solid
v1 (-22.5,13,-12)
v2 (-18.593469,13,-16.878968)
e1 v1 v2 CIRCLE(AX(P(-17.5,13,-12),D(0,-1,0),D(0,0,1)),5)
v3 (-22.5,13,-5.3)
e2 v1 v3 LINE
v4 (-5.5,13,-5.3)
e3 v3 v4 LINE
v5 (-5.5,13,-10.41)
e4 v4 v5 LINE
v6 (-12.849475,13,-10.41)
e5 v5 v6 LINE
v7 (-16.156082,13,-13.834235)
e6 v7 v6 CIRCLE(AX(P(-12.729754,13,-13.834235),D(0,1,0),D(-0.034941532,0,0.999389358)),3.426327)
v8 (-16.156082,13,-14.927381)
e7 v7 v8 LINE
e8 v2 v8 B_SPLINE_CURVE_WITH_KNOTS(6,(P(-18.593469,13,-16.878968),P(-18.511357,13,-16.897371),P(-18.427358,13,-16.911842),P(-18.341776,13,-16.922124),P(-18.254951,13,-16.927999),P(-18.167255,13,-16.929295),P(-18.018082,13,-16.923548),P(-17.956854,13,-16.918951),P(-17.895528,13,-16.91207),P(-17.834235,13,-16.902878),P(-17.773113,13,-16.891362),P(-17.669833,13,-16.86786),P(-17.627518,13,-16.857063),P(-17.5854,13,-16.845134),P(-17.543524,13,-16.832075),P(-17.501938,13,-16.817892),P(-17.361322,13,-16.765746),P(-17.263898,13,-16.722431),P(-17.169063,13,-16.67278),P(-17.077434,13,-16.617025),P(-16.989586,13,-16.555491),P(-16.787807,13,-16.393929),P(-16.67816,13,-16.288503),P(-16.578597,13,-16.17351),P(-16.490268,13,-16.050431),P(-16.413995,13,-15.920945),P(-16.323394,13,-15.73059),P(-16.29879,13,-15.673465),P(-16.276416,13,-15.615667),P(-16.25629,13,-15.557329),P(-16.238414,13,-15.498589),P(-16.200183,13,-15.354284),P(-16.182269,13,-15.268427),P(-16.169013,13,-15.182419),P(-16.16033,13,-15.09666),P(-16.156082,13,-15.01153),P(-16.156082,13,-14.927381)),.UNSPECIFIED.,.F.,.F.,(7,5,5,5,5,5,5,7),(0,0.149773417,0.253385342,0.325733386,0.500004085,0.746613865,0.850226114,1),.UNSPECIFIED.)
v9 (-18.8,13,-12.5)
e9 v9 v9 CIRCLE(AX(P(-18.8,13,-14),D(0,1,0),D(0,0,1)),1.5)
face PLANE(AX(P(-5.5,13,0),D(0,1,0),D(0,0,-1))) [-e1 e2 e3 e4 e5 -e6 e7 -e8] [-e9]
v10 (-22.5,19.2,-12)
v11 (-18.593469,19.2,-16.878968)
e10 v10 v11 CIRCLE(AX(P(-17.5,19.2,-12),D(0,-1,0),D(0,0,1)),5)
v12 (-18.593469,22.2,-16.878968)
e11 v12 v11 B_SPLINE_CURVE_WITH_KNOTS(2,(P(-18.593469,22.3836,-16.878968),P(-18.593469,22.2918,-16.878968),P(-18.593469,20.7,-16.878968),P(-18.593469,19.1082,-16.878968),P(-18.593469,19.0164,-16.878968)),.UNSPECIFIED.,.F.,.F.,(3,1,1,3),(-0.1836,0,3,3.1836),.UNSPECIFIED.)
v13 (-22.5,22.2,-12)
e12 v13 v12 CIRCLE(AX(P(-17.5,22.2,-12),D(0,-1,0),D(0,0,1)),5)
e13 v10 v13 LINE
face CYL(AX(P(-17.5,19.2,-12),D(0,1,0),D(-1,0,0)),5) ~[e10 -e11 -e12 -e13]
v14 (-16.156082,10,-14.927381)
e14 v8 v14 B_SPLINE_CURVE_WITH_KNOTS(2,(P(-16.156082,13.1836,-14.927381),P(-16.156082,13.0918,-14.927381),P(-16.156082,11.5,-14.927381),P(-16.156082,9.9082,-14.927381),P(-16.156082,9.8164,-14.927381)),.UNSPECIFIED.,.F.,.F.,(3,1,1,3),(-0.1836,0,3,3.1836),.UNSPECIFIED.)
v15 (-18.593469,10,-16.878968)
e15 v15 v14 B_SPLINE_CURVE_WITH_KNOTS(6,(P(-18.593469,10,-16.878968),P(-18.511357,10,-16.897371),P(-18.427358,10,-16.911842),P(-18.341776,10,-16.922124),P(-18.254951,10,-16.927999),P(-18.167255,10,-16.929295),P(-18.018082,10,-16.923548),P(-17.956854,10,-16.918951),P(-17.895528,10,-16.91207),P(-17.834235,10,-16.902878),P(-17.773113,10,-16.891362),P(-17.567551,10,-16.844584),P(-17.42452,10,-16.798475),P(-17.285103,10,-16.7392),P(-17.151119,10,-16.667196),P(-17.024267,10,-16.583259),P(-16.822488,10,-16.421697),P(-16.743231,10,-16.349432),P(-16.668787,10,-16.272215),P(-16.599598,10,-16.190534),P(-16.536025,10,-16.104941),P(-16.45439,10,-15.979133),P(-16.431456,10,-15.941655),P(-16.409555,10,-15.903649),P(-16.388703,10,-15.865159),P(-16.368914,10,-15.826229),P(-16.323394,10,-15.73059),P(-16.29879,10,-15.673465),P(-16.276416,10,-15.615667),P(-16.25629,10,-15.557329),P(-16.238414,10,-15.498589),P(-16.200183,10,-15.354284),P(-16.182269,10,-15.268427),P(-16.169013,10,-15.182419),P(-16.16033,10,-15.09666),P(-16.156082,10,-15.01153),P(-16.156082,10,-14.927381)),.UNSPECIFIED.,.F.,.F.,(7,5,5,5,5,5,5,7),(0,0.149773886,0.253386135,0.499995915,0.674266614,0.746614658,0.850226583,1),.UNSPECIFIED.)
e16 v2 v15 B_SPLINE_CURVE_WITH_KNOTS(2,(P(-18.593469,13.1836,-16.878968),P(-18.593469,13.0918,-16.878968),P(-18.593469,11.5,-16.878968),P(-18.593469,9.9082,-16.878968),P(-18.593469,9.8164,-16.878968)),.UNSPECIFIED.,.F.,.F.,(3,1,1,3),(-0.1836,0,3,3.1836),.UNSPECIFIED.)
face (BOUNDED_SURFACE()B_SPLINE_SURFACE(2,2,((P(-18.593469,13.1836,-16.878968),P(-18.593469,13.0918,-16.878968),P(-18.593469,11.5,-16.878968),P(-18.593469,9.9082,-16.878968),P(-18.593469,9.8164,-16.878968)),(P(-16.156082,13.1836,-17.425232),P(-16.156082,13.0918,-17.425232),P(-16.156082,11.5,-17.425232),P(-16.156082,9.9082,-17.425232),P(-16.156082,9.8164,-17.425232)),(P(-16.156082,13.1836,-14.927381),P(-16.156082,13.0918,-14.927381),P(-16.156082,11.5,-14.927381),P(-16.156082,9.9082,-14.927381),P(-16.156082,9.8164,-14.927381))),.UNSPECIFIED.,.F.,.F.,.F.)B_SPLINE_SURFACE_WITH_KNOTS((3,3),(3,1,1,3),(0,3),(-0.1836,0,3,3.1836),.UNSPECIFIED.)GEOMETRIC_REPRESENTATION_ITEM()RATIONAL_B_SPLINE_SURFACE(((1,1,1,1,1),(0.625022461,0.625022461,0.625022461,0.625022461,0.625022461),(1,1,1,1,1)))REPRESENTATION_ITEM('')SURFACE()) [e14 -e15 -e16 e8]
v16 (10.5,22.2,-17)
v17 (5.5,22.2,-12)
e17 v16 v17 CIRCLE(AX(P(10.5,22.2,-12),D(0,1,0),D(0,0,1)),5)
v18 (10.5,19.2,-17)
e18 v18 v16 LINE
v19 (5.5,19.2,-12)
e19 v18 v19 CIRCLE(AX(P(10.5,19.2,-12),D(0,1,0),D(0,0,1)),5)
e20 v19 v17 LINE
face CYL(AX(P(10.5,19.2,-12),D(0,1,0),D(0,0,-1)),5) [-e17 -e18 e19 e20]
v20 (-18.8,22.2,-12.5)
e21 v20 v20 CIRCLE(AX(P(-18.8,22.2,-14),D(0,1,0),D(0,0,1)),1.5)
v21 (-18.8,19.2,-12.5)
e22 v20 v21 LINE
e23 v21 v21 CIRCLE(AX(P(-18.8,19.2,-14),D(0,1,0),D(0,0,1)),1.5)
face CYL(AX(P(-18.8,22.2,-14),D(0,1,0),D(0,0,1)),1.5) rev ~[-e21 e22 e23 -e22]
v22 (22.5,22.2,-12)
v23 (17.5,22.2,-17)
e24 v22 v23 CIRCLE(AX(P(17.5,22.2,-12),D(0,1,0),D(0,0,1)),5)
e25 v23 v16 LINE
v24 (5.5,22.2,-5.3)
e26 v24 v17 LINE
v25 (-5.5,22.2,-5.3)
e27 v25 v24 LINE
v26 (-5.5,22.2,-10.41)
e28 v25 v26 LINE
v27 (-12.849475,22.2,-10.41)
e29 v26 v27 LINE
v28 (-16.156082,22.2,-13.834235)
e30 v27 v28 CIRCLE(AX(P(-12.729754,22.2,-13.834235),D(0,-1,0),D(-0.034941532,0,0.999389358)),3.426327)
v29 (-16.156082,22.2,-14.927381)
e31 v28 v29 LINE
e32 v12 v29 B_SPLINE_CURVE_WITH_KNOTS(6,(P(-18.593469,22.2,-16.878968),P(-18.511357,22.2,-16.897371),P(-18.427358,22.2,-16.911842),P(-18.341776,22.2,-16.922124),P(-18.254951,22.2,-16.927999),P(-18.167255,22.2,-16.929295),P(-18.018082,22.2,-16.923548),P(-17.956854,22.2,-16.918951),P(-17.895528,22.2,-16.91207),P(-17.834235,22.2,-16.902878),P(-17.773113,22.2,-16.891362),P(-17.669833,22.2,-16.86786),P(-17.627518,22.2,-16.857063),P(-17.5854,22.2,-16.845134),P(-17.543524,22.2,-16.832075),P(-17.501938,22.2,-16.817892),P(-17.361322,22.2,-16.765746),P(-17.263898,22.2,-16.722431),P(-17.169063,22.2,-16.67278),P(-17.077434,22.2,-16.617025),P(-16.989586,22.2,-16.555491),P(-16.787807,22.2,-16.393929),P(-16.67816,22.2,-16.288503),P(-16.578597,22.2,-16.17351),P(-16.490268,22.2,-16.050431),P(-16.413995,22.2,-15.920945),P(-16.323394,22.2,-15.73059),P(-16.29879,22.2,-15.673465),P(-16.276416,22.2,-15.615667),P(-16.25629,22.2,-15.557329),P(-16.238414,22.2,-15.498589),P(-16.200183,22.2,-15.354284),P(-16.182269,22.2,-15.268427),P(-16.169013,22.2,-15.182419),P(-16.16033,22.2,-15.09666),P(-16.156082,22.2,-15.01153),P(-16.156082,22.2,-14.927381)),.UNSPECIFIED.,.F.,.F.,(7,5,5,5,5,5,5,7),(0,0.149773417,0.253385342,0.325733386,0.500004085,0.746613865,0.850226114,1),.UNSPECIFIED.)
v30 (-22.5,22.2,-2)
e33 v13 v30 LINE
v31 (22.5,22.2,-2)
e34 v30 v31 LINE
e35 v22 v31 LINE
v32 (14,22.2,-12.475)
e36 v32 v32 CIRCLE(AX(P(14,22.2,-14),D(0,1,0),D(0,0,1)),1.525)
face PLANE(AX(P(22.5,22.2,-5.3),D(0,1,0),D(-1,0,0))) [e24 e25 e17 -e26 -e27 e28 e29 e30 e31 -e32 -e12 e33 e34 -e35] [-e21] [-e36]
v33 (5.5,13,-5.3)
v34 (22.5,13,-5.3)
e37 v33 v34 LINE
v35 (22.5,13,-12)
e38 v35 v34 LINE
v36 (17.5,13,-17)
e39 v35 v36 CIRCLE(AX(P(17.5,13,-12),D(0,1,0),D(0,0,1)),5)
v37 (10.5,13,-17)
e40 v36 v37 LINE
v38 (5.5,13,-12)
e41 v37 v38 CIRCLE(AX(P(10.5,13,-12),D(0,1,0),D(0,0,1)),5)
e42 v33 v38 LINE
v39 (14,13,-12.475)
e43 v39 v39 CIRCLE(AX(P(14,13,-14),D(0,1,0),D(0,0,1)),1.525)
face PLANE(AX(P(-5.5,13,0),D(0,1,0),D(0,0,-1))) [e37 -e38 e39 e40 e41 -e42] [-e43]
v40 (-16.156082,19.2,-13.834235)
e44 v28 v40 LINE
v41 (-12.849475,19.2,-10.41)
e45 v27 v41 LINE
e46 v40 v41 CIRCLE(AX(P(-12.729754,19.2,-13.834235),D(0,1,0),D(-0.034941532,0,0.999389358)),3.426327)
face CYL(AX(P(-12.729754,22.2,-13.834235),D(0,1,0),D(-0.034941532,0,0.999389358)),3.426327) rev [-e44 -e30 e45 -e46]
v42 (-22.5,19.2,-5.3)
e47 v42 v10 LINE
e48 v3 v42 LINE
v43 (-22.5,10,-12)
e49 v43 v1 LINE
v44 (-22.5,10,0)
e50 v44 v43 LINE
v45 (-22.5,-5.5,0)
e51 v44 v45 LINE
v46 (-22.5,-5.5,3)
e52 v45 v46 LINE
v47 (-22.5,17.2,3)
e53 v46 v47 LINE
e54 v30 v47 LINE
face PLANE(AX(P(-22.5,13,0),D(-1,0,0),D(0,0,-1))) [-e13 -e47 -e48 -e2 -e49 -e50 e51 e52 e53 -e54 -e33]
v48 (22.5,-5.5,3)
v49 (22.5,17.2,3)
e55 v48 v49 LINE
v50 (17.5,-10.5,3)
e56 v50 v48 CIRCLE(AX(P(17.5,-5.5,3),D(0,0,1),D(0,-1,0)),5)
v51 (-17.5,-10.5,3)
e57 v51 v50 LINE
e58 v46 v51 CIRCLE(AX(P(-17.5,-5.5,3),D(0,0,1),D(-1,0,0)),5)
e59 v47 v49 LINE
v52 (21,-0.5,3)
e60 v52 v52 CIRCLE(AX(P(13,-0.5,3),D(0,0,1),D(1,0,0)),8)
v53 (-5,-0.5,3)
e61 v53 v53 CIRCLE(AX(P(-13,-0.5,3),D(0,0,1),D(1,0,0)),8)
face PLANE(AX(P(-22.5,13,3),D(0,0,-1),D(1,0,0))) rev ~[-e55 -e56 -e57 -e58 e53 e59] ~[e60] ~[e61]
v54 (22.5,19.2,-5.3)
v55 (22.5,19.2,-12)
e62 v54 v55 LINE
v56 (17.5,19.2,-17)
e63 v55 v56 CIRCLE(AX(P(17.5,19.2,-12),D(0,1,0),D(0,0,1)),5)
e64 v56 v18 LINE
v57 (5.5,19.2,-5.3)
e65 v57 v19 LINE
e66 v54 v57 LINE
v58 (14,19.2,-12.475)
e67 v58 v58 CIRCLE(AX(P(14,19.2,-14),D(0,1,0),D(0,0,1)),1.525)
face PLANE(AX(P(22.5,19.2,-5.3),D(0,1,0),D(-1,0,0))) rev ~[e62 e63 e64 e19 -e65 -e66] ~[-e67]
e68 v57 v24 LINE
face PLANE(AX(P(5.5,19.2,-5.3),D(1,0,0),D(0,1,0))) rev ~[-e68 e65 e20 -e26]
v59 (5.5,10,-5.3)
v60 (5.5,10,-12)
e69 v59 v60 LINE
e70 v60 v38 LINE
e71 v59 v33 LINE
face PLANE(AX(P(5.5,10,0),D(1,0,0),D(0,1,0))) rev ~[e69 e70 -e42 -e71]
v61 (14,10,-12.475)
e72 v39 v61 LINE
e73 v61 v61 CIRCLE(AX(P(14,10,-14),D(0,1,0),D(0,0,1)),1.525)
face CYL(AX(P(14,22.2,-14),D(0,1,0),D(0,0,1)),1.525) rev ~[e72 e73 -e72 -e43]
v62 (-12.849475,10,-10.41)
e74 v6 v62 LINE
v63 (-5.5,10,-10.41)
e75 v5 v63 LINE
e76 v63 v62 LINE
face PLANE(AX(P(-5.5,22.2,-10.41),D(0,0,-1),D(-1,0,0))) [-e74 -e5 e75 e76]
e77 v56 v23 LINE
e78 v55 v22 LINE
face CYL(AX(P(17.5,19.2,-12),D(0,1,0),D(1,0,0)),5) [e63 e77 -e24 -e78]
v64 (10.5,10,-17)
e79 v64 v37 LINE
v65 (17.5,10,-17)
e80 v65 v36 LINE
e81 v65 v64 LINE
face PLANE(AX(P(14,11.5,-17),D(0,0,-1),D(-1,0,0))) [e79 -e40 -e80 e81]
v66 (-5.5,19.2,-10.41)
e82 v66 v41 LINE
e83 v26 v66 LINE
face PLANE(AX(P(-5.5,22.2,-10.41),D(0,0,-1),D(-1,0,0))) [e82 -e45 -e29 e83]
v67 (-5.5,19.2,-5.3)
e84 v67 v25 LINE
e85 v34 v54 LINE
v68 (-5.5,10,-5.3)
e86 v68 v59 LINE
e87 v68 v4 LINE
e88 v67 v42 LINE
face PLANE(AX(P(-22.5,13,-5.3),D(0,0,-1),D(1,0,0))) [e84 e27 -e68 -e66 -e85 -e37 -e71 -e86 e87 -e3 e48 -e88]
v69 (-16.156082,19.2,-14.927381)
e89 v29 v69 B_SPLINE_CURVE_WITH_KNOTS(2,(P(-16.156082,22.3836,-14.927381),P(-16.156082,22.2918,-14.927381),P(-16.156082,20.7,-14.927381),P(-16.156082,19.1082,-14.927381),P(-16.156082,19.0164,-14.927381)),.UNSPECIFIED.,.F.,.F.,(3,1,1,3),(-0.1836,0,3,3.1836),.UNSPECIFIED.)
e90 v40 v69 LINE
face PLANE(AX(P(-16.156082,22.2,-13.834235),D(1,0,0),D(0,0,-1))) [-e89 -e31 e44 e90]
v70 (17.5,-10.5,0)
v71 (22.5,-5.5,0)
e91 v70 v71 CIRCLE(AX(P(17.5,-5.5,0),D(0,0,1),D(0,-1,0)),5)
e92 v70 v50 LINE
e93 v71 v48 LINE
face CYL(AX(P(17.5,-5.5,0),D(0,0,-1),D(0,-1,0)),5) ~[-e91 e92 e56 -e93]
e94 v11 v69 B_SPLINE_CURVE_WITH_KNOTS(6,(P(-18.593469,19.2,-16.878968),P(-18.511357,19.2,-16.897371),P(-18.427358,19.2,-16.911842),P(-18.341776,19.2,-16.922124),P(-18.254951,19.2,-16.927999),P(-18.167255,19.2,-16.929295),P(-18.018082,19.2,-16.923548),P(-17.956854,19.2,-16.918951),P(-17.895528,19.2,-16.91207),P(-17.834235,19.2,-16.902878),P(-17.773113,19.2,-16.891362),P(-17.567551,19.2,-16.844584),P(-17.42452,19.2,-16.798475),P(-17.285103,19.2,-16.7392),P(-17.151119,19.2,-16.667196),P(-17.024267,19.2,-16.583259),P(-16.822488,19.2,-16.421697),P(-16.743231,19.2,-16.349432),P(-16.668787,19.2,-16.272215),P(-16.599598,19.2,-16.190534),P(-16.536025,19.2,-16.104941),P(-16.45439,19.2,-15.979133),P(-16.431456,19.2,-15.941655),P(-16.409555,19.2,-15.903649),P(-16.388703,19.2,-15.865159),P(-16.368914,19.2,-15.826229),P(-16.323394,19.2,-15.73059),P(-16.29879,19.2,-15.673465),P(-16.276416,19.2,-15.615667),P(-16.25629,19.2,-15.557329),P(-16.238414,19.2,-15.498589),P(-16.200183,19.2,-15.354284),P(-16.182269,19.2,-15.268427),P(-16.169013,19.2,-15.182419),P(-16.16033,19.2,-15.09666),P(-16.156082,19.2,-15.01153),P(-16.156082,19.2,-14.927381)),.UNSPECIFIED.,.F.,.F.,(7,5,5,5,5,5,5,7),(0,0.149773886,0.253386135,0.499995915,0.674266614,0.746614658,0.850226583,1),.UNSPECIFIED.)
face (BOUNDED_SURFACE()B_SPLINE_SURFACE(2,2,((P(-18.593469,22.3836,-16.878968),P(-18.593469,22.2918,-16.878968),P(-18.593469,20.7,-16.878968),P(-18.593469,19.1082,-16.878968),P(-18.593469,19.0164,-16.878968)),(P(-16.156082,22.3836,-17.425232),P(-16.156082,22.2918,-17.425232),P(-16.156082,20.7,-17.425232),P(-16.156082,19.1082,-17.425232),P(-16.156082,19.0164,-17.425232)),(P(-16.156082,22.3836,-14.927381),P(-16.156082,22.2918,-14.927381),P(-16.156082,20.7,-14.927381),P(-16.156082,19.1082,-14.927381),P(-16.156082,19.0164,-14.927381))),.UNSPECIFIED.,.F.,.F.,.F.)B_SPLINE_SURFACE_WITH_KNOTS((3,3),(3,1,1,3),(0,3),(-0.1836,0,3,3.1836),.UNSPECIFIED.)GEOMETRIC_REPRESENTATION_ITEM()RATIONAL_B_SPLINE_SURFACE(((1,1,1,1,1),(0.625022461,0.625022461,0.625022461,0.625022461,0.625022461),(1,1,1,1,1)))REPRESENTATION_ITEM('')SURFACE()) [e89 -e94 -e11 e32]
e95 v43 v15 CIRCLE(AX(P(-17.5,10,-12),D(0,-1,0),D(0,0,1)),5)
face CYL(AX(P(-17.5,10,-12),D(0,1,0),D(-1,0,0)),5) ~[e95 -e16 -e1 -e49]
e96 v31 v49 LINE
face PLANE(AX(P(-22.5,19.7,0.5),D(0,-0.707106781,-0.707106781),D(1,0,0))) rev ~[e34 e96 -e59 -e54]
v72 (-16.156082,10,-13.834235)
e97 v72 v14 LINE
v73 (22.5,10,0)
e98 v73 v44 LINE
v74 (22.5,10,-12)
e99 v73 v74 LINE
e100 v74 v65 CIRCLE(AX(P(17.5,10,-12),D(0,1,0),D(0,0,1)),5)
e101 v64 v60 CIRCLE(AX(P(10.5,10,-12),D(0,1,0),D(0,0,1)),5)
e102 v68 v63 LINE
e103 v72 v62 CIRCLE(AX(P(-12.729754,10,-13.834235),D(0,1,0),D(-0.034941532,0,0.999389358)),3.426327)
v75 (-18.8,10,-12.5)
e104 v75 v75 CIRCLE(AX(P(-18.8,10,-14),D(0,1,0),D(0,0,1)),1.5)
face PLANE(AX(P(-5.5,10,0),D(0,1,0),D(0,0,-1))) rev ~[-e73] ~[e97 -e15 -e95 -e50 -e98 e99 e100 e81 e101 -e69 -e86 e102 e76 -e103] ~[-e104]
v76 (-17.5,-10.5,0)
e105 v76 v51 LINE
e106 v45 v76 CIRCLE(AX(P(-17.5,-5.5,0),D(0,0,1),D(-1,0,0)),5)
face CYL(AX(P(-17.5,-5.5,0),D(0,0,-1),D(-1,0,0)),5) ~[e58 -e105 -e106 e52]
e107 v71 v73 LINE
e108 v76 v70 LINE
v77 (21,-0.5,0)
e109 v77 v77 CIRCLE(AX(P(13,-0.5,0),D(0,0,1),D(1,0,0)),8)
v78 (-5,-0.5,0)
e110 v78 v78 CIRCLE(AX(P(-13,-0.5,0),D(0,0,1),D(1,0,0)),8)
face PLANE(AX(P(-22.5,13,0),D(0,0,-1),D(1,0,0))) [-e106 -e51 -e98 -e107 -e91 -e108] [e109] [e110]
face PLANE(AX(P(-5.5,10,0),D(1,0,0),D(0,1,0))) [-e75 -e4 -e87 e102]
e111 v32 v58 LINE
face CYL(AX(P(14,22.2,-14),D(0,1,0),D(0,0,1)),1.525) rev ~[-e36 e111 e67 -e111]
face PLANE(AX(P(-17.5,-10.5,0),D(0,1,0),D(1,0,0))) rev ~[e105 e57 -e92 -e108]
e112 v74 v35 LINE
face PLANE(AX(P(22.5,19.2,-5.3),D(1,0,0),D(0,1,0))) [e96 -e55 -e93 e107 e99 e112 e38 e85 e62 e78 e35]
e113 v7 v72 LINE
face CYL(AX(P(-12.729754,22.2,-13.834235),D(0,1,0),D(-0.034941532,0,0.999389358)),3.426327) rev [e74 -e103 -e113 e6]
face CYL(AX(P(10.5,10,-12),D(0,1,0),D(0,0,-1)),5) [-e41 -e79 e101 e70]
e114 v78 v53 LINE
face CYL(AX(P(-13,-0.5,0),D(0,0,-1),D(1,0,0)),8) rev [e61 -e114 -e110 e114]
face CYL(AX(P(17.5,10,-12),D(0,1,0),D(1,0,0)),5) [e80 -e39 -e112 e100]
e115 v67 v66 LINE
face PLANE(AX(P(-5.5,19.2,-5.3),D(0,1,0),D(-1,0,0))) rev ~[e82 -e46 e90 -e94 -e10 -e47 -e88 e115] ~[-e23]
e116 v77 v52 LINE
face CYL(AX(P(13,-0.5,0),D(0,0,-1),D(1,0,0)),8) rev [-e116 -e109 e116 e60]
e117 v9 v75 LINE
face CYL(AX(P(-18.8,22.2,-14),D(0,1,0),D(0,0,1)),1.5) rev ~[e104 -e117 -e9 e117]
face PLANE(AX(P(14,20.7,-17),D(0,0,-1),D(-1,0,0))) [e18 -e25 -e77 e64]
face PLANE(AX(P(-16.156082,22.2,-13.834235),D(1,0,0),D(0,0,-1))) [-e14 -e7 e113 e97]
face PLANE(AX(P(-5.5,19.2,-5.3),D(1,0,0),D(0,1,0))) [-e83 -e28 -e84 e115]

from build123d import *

# Parameters (mm, degrees)
SKETCH1_R           = 8
BOSS_EXTRUDE1_DEPTH = 3
SKETCH2_W           = 17
SKETCH2_H           = 3
BOSS_EXTRUDE2_DEPTH = 17
SKETCH3_W           = 45
SKETCH3_H           = 3
BOSS_EXTRUDE3_DEPTH = 9.2
BOSS_EXTRUDE4_REACH = 41.571
SKETCH4_W           = 5.3
SKETCH4_H           = 3
SKETCH6_W           = 45
SKETCH6_H           = 5.3
BOSS_EXTRUDE5_DEPTH = 9.2
SKETCH7_W           = 17
SKETCH7_H           = 3
BOSS_EXTRUDE6_DEPTH = 11.7
SKETCH8_R           = 1.525
CUT_EXTRUDE1_DEPTH  = 44.180319591
CHAMFER1_SIZE       = 5
FILLET1_R           = 5
SKETCH9_R           = 1.5
SKETCH9_R_2         = 1.525
CUT_EXTRUDE2_DEPTH  = 44.180319591
FILLET2_R           = 2


with BuildPart() as part:
    # Sketch1 → Boss-Extrude1 (new body)
    with BuildSketch(Plane.XY):
        with BuildLine():
            Line((-17.5, -10.5), (17.5, -10.5))
            ThreePointArc((17.5, -10.5), (21.035533906, -9.035533906), (22.5, -5.5))
            Line((22.5, -5.5), (22.5, 10.5))
            Line((22.5, 10.5), (22.5, 13))
            Line((22.5, 13), (-22.5, 13))
            Line((-22.5, 13), (-22.5, 10.5))
            Line((-22.5, 10.5), (-22.5, -5.5))
            ThreePointArc((-22.5, -5.5), (-21.035533906, -9.035533906), (-17.5, -10.5))
        make_face()
        with Locations((13, -0.5)):
            Circle(SKETCH1_R, mode=Mode.SUBTRACT)
        with Locations((-13, -0.5)):
            Circle(SKETCH1_R, mode=Mode.SUBTRACT)
    extrude(amount=BOSS_EXTRUDE1_DEPTH)

    # Sketch2 → Boss-Extrude2 (add)
    with BuildSketch(Plane(origin=(0, 0, 0), x_dir=(-1, 0, 0), z_dir=(0, 0, -1))):
        with Locations((-14, 11.5)):
            Rectangle(SKETCH2_W, SKETCH2_H)
        with Locations((14, 11.5)):
            Rectangle(SKETCH2_W, SKETCH2_H)
    extrude(amount=BOSS_EXTRUDE2_DEPTH)

    # Sketch3 → Boss-Extrude3 (add)
    with BuildSketch(Plane(origin=(0, 13, 0), x_dir=(1, 0, 0), z_dir=(0, 1, 0))):
        with Locations((0, -1.5)):
            Rectangle(SKETCH3_W, SKETCH3_H)
    extrude(amount=BOSS_EXTRUDE3_DEPTH)

    # Sketch4 → Boss-Extrude4 (add, up to next)
    with BuildSketch(Plane(origin=(-5.5, 0, 0), x_dir=(0, 0, -1), z_dir=(1, 0, 0)), mode=Mode.PRIVATE) as boss_extrude4_sk1:
        with Locations((2.65, 11.5)):
            Rectangle(SKETCH4_W, SKETCH4_H)
    boss_extrude4_tool1 = extrude(boss_extrude4_sk1.sketch, amount=BOSS_EXTRUDE4_REACH, mode=Mode.PRIVATE) - part.part
    add(boss_extrude4_tool1.solids().sort_by_distance((-5.5, 11.5, -2.65))[0])

    # Sketch6 → Boss-Extrude5 (add)
    with BuildSketch(Plane(origin=(0, 13, 0), x_dir=(1, 0, 0), z_dir=(0, 1, 0))):
        with Locations((0, 2.65)):
            Rectangle(SKETCH6_W, SKETCH6_H)
    extrude(amount=BOSS_EXTRUDE5_DEPTH)

    # Sketch7 → Boss-Extrude6 (add, through all)
    with BuildSketch(Plane(origin=(0, 0, -5.3), x_dir=(-1, 0, 0), z_dir=(0, 0, -1))):
        with Locations((-14, 20.7)):
            Rectangle(SKETCH7_W, SKETCH7_H)
        with Locations((14, 20.7)):
            Rectangle(SKETCH7_W, SKETCH7_H)
    extrude(amount=BOSS_EXTRUDE6_DEPTH)

    # Sketch8 → Cut-Extrude1 (cut, through all)
    with BuildSketch(Plane(origin=(0, 22.2, 0), x_dir=(1, 0, 0), z_dir=(0, 1, 0))):
        with Locations(Location((14, 14, 0), (0, 0, 270))):
            Circle(SKETCH8_R)
        with Locations(Location((-14, 14, 0), (0, 0, 270))):
            Circle(SKETCH8_R)
    extrude(amount=-CUT_EXTRUDE1_DEPTH, mode=Mode.SUBTRACT)

    # Chamfer1
    chamfer1_edges = [part.edges().sort_by_distance(p)[0] for p in [
        (0, 22.2, 3),
    ]]
    chamfer(chamfer1_edges, length=CHAMFER1_SIZE)

    # Fillet1
    fillet1_edges = [part.edges().sort_by_distance(p)[0] for p in [
        (22.5, 20.7, -17),
        (5.5, 20.7, -17),
        (-22.5, 20.7, -17),
        (-5.5, 20.7, -17),
        (5.5, 11.5, -17),
        (22.5, 11.5, -17),
        (-5.5, 11.5, -17),
        (-22.5, 11.5, -17),
    ]]
    fillet(fillet1_edges, radius=FILLET1_R)

    # Sketch9 → Cut-Extrude2 (cut, through all)
    # profile 1 of 2: a face of its own
    with BuildSketch(Plane(origin=(0, 22.2, 0), x_dir=(1, 0, 0), z_dir=(0, 1, 0))):
        with Locations(Location((-18.8, 14, 0), (0, 0, 270))):
            Circle(SKETCH9_R)
    # profile 2 of 2: a face of its own
    with BuildSketch(Plane(origin=(0, 22.2, 0), x_dir=(1, 0, 0), z_dir=(0, 1, 0))):
        with BuildLine():
            Line((-5.5, 10.41), (-12.349475382, 10.41))
            Line((-12.349475382, 10.41), (-12.849475382, 10.41))
            ThreePointArc((-12.849475382, 10.41), (-15.194497894, 11.45415993), (-16.156081538, 13.834235021))
            Line((-16.156081538, 13.834235021), (-16.156081538, 17))
            Line((-16.156081538, 17), (-10.5, 17))
            ThreePointArc((-10.5, 17), (-6.964466094, 15.535533906), (-5.5, 12))
            Line((-5.5, 12), (-5.5, 10.41))
        make_face()
        with Locations((-14, 14)):
            Circle(SKETCH9_R_2, mode=Mode.SUBTRACT)
    extrude(amount=-CUT_EXTRUDE2_DEPTH, mode=Mode.SUBTRACT)

    # Fillet2
    fillet2_edges = [part.edges().sort_by_distance(p)[0] for p in [
        (-16.156081538, 20.7, -17),
        (-16.156081538, 11.5, -17),
    ]]
    fillet(fillet2_edges, radius=FILLET2_R)


solid = part.part
